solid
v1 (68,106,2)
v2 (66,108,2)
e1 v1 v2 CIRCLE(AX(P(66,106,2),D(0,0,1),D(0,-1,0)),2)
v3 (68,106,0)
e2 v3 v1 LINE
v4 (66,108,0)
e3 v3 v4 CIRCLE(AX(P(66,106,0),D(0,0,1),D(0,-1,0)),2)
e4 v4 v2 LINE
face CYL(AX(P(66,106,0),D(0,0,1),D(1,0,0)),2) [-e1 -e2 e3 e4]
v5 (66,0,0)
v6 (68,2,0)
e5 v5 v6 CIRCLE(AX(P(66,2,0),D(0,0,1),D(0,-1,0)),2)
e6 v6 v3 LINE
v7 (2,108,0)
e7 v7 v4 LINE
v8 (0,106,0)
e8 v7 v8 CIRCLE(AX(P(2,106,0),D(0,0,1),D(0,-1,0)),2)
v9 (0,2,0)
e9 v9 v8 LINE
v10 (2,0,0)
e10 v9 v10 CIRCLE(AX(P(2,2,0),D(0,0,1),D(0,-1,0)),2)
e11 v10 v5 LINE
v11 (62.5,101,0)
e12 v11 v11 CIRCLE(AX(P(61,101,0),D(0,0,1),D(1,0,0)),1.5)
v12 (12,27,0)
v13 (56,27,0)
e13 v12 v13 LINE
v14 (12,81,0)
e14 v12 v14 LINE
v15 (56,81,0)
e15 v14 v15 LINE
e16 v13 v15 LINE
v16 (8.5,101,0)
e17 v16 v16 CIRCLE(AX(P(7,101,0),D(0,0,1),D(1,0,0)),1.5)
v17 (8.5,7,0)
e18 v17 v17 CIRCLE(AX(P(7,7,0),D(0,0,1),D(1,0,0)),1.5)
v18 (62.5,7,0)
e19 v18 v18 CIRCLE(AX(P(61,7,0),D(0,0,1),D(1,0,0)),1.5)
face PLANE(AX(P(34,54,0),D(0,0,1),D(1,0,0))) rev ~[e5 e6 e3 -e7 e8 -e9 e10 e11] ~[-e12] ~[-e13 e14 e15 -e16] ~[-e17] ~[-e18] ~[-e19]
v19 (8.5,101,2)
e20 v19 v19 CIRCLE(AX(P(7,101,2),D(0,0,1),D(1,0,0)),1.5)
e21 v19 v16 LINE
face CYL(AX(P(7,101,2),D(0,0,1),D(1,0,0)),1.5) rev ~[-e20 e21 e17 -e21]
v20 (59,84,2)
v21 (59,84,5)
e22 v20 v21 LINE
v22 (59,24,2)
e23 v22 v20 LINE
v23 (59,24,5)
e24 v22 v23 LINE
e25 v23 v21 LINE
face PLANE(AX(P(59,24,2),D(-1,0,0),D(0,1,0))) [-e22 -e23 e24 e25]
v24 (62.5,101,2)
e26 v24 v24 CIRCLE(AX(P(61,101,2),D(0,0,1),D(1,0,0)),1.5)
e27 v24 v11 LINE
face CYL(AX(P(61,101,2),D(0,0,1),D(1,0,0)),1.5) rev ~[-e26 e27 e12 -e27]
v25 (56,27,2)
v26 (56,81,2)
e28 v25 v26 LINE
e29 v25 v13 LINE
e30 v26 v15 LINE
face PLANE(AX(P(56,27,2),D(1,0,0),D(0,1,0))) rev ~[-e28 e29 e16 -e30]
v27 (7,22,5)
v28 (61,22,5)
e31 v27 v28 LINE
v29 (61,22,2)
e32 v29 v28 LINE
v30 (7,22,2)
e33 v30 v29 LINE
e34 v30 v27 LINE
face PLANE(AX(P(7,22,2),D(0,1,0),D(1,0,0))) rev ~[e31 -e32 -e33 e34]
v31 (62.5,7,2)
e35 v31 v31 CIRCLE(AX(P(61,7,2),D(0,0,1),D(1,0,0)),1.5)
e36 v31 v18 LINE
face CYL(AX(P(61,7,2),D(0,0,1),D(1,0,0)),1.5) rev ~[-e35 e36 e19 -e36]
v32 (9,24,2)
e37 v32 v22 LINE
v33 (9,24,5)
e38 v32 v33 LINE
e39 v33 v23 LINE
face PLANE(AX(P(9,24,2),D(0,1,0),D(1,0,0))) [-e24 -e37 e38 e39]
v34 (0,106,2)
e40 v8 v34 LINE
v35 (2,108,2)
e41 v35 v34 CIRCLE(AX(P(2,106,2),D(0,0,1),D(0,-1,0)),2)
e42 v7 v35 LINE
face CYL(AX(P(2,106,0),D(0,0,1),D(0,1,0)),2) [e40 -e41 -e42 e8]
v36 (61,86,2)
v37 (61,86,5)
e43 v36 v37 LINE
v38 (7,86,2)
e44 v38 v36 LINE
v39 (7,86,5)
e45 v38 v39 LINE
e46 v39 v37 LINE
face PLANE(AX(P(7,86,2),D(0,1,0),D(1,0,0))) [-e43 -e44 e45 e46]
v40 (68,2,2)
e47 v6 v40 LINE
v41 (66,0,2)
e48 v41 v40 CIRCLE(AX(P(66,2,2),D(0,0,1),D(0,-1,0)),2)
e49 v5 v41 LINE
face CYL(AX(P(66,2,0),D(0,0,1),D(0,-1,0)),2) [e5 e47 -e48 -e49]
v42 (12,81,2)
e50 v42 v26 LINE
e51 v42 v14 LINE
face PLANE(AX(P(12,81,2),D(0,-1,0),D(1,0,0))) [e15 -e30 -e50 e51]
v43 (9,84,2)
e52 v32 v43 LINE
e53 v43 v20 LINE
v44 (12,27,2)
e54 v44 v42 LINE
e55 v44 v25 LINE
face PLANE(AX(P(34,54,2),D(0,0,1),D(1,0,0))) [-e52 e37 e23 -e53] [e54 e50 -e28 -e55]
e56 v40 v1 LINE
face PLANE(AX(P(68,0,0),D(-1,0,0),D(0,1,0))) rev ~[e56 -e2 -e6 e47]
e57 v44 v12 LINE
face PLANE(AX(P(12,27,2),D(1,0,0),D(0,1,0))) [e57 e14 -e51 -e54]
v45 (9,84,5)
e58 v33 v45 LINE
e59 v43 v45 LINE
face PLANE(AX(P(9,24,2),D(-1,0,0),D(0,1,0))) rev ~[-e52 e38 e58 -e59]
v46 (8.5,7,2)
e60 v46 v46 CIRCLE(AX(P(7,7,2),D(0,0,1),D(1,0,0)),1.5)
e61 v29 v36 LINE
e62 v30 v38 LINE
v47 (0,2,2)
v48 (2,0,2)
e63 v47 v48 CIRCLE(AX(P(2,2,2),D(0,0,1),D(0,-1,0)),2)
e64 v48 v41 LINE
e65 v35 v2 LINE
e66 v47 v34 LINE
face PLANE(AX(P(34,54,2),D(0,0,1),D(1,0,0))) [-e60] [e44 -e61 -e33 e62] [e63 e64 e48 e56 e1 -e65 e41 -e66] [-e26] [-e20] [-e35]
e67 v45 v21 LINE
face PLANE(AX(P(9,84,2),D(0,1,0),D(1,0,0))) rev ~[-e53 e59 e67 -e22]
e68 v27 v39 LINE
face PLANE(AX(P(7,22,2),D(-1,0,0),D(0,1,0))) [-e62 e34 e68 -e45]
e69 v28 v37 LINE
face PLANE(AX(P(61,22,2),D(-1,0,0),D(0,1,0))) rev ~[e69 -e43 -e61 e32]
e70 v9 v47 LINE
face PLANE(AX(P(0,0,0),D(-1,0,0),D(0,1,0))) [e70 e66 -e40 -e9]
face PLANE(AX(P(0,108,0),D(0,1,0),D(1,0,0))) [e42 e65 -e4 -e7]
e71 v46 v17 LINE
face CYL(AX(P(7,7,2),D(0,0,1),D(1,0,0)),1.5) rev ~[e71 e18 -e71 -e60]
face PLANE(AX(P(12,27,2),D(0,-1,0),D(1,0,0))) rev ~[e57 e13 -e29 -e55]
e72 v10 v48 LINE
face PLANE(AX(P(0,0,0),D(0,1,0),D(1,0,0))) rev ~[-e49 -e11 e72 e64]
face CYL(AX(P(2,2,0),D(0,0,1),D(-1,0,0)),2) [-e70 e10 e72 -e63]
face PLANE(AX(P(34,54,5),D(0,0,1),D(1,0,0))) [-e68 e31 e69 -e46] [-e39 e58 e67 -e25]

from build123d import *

# Parameters (mm, degrees)
SKETCH_W      = 68
SKETCH_H      = 108
PAD_DEPTH     = 2
SKETCH001_R   = 1.5
SKETCH001_W   = 44
SKETCH001_H   = 54
POCKET_DEPTH  = 3
FILLET_R      = 2
FILLET001_R   = 2
FILLET002_R   = 2
FILLET003_R   = 2
SKETCH002_W   = 54
SKETCH002_H   = 64
SKETCH002_W_2 = 50
SKETCH002_H_2 = 60
PAD001_DEPTH  = 3


with BuildPart() as part:
    # Sketch → Pad (new body)
    with BuildSketch(Plane.XY):
        with Locations((34, 54)):
            Rectangle(SKETCH_W, SKETCH_H)
    extrude(amount=PAD_DEPTH)

    # Sketch001 → Pocket (cut)
    with BuildSketch(Plane.XY.offset(2)):
        with Locations((7, 7)):
            Circle(SKETCH001_R)
        with Locations((61, 7)):
            Circle(SKETCH001_R)
        with Locations((7, 101)):
            Circle(SKETCH001_R)
        with Locations((61, 101)):
            Circle(SKETCH001_R)
        with Locations((34, 54)):
            Rectangle(SKETCH001_W, SKETCH001_H)
    extrude(amount=-POCKET_DEPTH, mode=Mode.SUBTRACT)

    # Fillet
    fillet_edges = [part.edges().sort_by_distance(p)[0] for p in [
        (0, 0, 1),
    ]]
    fillet(fillet_edges, radius=FILLET_R)

    # Fillet001
    fillet001_edges = [part.edges().sort_by_distance(p)[0] for p in [
        (68, 0, 1),
    ]]
    fillet(fillet001_edges, radius=FILLET001_R)

    # Fillet002
    fillet002_edges = [part.edges().sort_by_distance(p)[0] for p in [
        (68, 108, 1),
    ]]
    fillet(fillet002_edges, radius=FILLET002_R)

    # Fillet003
    fillet003_edges = [part.edges().sort_by_distance(p)[0] for p in [
        (0, 108, 1),
    ]]
    fillet(fillet003_edges, radius=FILLET003_R)

    # Sketch002 → Pad001 (new body)
    with BuildSketch(Plane.XY.offset(2)):
        with Locations((34, 54)):
            Rectangle(SKETCH002_W, SKETCH002_H)
        with Locations((34, 54)):
            Rectangle(SKETCH002_W_2, SKETCH002_H_2, mode=Mode.SUBTRACT)
    extrude(amount=PAD001_DEPTH)


solid = part.part
